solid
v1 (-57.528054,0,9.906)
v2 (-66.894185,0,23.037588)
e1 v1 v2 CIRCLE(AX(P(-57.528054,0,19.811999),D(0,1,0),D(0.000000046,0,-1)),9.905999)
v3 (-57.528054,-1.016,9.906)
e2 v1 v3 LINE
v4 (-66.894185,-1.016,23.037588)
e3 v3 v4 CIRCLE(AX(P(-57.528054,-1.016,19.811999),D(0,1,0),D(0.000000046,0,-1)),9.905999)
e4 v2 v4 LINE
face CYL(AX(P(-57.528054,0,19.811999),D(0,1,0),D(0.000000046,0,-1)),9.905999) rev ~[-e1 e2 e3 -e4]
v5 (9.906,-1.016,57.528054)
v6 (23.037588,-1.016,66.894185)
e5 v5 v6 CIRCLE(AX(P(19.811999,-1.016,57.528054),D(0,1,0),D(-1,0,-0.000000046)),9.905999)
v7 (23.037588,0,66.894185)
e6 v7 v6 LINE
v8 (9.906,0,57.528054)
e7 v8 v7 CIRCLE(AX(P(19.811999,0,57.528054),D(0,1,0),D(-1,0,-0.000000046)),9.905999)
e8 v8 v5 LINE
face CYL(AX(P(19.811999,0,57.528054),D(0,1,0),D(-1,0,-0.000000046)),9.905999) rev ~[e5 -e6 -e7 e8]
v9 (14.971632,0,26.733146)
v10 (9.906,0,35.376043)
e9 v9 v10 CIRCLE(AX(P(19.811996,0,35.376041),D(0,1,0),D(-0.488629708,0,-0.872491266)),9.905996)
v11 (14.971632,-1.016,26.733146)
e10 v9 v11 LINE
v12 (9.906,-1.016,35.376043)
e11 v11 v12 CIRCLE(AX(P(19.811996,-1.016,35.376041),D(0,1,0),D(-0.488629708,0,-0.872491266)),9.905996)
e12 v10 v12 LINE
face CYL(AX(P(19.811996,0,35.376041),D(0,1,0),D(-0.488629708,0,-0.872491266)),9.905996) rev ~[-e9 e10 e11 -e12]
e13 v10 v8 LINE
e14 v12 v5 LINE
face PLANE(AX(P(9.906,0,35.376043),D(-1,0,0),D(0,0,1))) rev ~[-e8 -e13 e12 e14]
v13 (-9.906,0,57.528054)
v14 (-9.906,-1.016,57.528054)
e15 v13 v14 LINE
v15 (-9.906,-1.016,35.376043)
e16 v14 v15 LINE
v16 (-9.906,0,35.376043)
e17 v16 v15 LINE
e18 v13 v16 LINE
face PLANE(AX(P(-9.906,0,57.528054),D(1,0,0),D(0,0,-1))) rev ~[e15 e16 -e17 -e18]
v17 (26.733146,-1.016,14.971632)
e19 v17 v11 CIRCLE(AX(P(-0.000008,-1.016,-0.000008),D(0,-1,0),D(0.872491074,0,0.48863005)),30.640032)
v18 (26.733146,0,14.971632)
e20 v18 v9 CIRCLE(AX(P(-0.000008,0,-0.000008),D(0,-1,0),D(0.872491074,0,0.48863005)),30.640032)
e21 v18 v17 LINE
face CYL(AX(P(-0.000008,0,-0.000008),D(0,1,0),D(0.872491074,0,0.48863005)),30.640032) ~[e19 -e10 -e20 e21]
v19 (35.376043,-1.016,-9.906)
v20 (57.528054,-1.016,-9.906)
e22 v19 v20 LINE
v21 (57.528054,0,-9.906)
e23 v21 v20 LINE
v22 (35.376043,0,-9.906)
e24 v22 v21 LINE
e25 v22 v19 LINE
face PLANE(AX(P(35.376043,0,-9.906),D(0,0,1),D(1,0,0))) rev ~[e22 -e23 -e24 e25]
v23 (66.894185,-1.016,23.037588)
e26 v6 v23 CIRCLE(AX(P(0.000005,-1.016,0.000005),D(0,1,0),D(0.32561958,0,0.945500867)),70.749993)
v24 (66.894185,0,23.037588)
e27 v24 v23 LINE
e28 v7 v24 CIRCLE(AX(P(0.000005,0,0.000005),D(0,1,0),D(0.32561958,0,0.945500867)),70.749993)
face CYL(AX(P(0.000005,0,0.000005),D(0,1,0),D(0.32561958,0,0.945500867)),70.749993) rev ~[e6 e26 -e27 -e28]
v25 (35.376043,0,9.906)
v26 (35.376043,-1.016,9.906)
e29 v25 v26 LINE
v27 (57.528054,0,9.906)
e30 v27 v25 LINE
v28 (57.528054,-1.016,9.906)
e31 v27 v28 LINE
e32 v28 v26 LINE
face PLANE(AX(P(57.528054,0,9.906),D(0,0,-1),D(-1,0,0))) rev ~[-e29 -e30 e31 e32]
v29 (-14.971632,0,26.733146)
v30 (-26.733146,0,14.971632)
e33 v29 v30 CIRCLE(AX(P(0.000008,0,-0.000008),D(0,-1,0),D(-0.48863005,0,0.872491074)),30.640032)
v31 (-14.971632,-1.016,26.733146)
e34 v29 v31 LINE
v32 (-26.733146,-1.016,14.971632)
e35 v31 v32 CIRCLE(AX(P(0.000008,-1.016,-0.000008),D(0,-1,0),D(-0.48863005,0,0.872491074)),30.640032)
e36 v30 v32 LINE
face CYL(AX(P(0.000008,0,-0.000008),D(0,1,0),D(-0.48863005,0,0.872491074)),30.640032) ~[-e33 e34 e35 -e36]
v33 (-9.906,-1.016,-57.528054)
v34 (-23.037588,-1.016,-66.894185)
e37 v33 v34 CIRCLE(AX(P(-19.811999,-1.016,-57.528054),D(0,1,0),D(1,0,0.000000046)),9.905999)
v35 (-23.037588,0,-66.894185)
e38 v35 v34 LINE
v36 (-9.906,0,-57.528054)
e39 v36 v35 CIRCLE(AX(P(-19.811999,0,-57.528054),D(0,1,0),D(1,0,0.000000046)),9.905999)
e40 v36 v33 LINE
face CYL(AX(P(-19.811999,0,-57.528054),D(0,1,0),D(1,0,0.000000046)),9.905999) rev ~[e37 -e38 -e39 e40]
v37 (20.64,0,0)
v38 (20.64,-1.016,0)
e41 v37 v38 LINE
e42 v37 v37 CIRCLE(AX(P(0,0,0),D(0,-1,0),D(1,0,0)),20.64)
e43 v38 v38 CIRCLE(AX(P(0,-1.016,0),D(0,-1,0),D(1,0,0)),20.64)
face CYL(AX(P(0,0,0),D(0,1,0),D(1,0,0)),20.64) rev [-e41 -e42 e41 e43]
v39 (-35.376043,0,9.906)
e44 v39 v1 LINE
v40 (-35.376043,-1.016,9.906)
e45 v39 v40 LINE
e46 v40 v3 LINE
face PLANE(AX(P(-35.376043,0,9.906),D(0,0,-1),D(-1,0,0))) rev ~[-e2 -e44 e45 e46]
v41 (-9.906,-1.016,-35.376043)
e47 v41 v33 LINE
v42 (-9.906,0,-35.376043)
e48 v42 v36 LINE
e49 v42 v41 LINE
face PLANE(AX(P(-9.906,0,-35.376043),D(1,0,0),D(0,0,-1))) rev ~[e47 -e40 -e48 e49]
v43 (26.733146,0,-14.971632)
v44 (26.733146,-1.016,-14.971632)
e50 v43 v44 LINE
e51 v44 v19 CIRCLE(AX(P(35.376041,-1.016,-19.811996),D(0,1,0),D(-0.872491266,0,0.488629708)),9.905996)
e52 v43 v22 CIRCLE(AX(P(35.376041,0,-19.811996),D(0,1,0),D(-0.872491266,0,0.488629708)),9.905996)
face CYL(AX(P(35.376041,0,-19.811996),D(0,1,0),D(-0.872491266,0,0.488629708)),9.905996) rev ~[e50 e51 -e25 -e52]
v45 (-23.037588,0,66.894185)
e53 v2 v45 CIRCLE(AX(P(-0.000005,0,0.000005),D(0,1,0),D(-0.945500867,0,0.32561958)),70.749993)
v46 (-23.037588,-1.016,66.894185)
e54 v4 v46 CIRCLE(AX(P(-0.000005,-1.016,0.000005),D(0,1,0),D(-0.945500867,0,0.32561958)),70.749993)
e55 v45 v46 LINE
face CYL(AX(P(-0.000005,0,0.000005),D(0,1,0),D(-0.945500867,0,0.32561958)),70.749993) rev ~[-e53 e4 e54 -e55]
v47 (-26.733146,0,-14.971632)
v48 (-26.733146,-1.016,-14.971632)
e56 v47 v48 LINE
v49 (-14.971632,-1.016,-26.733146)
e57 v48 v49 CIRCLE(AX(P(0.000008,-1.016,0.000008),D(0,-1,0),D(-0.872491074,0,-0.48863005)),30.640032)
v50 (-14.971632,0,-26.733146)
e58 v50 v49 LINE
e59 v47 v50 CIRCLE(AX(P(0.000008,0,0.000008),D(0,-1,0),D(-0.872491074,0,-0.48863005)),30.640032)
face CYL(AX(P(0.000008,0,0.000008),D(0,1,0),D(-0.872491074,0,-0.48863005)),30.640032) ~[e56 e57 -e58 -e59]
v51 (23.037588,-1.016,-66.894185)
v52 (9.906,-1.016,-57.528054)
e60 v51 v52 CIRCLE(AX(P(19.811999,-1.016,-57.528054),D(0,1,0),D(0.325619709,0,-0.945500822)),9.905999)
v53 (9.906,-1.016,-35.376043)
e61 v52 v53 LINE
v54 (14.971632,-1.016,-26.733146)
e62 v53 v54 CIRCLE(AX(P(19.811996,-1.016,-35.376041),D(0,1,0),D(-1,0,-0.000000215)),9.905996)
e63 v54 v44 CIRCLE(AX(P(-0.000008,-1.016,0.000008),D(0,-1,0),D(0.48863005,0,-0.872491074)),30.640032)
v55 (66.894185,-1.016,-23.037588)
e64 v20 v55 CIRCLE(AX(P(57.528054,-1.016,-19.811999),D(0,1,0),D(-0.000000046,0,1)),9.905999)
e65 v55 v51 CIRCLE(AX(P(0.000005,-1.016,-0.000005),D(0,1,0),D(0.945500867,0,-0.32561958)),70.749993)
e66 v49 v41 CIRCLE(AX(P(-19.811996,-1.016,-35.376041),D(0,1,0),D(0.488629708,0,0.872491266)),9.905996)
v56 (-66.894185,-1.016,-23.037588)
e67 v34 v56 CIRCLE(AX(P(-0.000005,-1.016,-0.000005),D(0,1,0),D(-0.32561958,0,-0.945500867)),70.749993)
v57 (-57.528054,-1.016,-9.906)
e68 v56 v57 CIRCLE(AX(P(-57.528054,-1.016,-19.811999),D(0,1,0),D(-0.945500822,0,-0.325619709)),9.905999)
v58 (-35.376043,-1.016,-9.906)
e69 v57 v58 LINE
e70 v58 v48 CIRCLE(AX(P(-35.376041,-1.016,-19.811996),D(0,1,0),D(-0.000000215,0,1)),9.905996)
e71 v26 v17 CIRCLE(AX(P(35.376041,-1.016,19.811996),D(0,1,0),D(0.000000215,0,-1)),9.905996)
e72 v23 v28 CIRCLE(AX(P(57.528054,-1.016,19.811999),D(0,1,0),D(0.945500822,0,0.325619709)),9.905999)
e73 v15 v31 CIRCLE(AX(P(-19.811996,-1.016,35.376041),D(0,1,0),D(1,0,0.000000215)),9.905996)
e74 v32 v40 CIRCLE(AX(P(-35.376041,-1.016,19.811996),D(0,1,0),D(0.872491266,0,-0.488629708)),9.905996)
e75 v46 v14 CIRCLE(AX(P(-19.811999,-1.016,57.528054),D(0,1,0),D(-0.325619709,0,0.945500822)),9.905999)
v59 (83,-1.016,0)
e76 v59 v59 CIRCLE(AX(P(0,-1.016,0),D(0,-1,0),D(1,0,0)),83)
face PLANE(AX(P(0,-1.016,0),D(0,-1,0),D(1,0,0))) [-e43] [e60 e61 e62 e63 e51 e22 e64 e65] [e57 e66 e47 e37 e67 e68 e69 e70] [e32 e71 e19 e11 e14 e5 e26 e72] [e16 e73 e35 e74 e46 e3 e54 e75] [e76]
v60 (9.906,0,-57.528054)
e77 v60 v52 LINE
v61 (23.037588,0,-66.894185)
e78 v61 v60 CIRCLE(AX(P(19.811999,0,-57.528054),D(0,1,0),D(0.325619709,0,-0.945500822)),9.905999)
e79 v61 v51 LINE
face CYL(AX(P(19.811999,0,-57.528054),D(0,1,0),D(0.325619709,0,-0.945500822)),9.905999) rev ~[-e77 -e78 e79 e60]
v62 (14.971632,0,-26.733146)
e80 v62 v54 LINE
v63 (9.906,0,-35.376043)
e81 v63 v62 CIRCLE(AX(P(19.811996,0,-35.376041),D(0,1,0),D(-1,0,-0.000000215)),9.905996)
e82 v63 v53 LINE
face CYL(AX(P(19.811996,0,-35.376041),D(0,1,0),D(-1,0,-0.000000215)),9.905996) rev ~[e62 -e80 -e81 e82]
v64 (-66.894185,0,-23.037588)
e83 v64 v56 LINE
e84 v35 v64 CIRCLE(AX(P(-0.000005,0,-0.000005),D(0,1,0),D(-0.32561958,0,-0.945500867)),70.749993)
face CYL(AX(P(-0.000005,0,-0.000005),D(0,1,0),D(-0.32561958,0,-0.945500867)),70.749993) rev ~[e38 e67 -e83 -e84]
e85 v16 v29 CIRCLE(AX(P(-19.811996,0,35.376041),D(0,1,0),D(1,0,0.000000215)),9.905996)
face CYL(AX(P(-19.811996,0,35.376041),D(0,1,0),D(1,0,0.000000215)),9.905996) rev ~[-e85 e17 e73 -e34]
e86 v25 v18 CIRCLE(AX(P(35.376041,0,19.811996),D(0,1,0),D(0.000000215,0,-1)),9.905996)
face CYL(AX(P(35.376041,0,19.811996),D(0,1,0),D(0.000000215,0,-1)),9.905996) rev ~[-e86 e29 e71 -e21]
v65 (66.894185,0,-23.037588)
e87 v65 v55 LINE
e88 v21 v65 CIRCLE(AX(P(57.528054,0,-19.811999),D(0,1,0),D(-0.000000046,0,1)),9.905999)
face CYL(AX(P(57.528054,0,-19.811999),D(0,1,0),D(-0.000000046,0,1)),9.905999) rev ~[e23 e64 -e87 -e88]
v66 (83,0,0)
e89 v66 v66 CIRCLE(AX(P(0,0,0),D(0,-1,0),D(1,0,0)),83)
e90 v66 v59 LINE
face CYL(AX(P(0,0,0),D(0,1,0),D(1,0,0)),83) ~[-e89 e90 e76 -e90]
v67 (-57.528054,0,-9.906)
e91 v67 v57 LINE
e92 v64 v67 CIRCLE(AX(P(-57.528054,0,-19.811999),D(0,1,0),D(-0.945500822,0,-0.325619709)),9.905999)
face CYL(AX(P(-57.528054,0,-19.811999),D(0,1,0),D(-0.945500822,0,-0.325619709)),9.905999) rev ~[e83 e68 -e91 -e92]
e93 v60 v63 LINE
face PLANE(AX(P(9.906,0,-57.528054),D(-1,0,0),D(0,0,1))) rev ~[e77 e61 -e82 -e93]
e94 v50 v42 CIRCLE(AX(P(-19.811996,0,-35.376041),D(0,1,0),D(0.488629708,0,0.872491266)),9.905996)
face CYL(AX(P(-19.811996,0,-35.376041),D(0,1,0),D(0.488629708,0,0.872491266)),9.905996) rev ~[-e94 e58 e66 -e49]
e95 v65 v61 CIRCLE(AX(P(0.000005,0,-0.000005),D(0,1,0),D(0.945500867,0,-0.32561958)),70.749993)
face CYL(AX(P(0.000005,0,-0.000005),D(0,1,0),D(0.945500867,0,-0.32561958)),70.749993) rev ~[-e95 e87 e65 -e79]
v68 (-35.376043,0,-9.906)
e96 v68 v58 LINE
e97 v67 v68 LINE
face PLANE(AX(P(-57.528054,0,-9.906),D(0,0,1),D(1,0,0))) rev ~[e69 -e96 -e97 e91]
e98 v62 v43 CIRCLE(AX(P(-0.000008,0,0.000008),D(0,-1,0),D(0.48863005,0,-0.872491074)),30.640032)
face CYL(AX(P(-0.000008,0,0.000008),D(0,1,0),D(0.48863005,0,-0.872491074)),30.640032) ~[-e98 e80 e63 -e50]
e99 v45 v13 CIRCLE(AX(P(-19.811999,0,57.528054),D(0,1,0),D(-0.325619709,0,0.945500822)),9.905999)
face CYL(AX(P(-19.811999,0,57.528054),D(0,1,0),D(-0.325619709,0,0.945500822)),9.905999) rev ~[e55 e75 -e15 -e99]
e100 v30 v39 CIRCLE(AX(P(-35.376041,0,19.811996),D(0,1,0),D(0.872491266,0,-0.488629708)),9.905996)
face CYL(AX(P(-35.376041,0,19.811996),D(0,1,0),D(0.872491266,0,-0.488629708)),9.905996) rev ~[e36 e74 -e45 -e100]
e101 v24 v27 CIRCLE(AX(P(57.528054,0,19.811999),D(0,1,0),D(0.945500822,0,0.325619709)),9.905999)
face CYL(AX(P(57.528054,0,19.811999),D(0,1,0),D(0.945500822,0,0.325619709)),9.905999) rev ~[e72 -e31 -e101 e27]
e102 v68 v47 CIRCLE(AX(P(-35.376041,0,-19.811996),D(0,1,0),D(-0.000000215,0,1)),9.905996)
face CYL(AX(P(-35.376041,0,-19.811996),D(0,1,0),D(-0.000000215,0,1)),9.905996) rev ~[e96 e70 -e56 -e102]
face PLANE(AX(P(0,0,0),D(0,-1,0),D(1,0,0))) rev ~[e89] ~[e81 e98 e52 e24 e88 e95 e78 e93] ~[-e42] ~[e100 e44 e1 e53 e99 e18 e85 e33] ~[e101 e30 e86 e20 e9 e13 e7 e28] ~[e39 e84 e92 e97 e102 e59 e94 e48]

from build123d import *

# Parameters (mm, degrees)
F0_R     = 83
F0_R_2   = 20.64
F1_DEPTH = 1.016


with BuildPart() as f1:
    # F0 (on Front) → F1 (new body)
    with BuildSketch(Plane.XZ):
        Circle(F0_R)
        with BuildLine():
            ThreePointArc((-9.906, -57.528054), (-14.059776, -65.592839), (-23.037588, -66.894185))
            ThreePointArc((-23.037588, -66.894185), (-50.027805, -50.027805), (-66.894185, -23.037588))
            ThreePointArc((-66.894185, -23.037588), (-65.592839, -14.059776), (-57.528054, -9.906))
            Line((-57.528054, -9.906), (-35.376043, -9.906))
            ThreePointArc((-35.376043, -9.906), (-30.367043, -11.265728), (-26.733146, -14.971632))
            ThreePointArc((-26.733146, -14.971632), (-21.665766, -21.665766), (-14.971632, -26.733146))
            ThreePointArc((-14.971632, -26.733146), (-11.265728, -30.367043), (-9.906, -35.376043))
            Line((-9.906, -35.376043), (-9.906, -57.528054))
        make_face(mode=Mode.SUBTRACT)
        with BuildLine():
            ThreePointArc((57.528054, -9.906), (65.592839, -14.059776), (66.894185, -23.037588))
            ThreePointArc((66.894185, -23.037588), (50.027805, -50.027805), (23.037588, -66.894185))
            ThreePointArc((23.037588, -66.894185), (14.059776, -65.592839), (9.906, -57.528054))
            Line((9.906, -57.528054), (9.906, -35.376043))
            ThreePointArc((9.906, -35.376043), (11.265728, -30.367043), (14.971632, -26.733146))
            ThreePointArc((14.971632, -26.733146), (21.665766, -21.665766), (26.733146, -14.971632))
            ThreePointArc((26.733146, -14.971632), (30.367043, -11.265728), (35.376043, -9.906))
            Line((35.376043, -9.906), (57.528054, -9.906))
        make_face(mode=Mode.SUBTRACT)
        with BuildLine():
            Line((-35.376043, 9.906), (-57.528054, 9.906))
            ThreePointArc((-57.528054, 9.906), (-65.592839, 14.059776), (-66.894185, 23.037588))
            ThreePointArc((-66.894185, 23.037588), (-50.027805, 50.027805), (-23.037588, 66.894185))
            ThreePointArc((-23.037588, 66.894185), (-14.059776, 65.592839), (-9.906, 57.528054))
            Line((-9.906, 57.528054), (-9.906, 35.376043))
            ThreePointArc((-9.906, 35.376043), (-11.265728, 30.367043), (-14.971632, 26.733146))
            ThreePointArc((-14.971632, 26.733146), (-21.665766, 21.665766), (-26.733146, 14.971632))
            ThreePointArc((-26.733146, 14.971632), (-30.367043, 11.265728), (-35.376043, 9.906))
        make_face(mode=Mode.SUBTRACT)
        Circle(F0_R_2, mode=Mode.SUBTRACT)
        with BuildLine():
            ThreePointArc((9.906, 57.528054), (14.059776, 65.592839), (23.037588, 66.894185))
            ThreePointArc((23.037588, 66.894185), (50.027805, 50.027805), (66.894185, 23.037588))
            ThreePointArc((66.894185, 23.037588), (65.592839, 14.059776), (57.528054, 9.906))
            Line((57.528054, 9.906), (35.376043, 9.906))
            ThreePointArc((35.376043, 9.906), (30.367043, 11.265728), (26.733146, 14.971632))
            ThreePointArc((26.733146, 14.971632), (21.665766, 21.665766), (14.971632, 26.733146))
            ThreePointArc((14.971632, 26.733146), (11.265728, 30.367043), (9.906, 35.376043))
            Line((9.906, 35.376043), (9.906, 57.528054))
        make_face(mode=Mode.SUBTRACT)
    extrude(amount=F1_DEPTH)


solid = f1.part
